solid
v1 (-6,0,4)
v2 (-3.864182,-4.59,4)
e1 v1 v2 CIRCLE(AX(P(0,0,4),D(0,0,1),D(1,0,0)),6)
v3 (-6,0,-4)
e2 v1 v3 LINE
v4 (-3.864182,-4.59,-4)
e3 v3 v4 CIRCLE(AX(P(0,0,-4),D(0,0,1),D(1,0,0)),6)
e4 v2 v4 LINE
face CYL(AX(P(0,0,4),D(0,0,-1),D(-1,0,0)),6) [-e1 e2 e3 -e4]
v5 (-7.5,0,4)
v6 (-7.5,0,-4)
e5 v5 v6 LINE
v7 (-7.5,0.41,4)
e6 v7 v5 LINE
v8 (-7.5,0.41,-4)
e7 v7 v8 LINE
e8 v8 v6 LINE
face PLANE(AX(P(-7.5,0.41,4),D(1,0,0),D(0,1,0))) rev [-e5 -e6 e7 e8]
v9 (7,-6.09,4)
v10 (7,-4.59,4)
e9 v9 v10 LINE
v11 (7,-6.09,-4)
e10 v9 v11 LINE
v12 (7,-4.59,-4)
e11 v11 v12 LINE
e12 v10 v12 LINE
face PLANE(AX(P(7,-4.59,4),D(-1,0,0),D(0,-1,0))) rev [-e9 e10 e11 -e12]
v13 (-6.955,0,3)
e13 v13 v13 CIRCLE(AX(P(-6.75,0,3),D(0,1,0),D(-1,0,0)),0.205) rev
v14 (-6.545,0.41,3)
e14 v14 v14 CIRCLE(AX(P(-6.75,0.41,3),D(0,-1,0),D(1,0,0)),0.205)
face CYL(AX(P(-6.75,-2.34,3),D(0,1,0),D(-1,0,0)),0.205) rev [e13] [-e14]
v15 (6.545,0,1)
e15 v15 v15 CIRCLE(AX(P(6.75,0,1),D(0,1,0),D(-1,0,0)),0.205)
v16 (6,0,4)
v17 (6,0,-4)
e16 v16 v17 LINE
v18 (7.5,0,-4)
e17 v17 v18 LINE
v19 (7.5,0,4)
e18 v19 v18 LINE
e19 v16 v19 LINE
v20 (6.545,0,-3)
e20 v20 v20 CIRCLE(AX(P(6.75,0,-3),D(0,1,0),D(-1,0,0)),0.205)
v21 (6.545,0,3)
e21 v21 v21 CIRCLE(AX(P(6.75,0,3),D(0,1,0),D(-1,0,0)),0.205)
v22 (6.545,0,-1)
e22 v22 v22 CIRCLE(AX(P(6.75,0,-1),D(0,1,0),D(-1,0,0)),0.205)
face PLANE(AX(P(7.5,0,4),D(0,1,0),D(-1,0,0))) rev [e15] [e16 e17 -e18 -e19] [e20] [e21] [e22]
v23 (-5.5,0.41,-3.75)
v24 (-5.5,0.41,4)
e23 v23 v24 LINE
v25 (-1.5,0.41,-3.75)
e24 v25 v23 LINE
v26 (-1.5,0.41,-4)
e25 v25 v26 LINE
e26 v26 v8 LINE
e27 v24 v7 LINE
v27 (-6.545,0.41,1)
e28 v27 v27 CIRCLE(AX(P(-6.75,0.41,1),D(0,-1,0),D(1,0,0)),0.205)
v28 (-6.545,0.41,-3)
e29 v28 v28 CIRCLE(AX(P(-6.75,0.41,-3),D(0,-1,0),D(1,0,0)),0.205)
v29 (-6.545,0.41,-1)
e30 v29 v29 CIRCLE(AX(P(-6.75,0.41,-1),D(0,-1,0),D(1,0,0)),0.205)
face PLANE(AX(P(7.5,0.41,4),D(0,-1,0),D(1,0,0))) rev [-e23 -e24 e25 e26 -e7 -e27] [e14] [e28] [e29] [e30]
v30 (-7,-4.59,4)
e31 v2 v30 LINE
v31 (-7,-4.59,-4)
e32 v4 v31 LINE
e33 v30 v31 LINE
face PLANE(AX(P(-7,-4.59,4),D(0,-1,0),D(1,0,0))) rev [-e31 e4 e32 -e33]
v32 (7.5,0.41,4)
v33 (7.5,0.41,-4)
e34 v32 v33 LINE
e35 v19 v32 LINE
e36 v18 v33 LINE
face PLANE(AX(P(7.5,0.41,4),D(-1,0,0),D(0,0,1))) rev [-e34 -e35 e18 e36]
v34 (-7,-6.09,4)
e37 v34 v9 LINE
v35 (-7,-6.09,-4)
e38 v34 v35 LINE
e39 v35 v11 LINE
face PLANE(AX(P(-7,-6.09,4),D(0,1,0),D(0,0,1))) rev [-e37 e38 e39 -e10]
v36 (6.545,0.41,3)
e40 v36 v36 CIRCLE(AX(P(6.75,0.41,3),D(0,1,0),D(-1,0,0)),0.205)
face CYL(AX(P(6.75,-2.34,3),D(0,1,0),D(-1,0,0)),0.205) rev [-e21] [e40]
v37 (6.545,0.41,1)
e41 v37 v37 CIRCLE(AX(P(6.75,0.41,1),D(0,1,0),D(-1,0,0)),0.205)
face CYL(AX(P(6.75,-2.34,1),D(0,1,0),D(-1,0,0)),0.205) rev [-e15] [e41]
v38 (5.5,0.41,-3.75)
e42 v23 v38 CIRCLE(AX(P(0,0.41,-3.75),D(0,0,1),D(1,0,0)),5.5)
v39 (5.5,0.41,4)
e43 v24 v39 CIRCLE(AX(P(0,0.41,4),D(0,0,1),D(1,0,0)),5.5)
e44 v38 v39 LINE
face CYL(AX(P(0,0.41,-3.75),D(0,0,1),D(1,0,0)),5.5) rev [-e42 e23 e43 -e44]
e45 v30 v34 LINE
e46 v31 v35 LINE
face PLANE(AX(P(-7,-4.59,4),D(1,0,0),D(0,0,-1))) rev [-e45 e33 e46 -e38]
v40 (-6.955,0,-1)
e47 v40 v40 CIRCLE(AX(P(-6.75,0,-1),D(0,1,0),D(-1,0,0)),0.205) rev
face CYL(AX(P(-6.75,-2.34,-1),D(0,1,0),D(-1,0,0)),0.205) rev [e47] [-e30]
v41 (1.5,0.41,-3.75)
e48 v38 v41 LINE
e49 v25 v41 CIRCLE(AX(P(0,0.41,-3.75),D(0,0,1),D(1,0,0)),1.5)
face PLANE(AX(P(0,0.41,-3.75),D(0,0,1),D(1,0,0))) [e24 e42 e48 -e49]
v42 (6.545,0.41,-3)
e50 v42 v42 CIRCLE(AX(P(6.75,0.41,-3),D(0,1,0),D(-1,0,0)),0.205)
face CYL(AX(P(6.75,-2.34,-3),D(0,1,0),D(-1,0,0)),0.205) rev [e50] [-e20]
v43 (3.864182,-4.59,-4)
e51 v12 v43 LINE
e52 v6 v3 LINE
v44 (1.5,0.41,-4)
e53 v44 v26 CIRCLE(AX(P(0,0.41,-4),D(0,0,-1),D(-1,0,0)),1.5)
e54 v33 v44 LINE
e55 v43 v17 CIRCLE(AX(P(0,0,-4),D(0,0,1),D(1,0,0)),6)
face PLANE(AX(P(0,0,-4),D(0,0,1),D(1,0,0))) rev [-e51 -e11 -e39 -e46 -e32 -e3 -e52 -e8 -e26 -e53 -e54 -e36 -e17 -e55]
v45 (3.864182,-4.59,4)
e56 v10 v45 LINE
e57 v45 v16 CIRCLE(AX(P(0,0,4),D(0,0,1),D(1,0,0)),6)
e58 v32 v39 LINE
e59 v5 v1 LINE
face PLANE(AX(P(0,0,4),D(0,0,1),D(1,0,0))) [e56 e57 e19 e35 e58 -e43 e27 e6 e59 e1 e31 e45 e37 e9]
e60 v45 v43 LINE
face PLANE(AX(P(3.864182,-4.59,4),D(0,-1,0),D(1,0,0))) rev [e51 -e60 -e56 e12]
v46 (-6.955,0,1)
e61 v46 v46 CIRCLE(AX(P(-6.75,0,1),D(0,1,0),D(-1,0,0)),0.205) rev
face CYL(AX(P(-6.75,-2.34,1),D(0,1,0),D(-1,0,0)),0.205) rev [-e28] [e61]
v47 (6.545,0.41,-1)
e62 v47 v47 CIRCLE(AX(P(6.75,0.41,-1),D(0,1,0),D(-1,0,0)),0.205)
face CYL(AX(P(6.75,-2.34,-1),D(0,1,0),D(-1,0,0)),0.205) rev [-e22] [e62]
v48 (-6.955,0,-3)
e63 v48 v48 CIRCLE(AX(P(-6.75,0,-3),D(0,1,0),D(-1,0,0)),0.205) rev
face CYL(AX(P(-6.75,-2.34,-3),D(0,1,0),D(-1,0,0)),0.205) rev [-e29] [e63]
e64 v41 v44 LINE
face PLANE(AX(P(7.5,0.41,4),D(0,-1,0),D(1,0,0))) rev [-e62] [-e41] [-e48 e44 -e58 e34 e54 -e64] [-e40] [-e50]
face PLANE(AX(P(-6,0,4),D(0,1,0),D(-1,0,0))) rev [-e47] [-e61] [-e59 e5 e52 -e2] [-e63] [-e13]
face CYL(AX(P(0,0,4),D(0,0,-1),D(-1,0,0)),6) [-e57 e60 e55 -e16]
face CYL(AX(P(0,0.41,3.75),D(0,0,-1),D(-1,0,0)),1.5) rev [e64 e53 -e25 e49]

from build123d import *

# Parameters (mm, degrees)
BOSS_EXTRUDE1_DEPTH = 4
CUT_EXTRUDE1_DEPTH  = 7.75
CUT_EXTRUDE2_DEPTH  = 7.75
SKETCH4_R           = 0.205
CUT_EXTRUDE3_DEPTH  = 2.75


with BuildPart() as part:
    # Sketch1 → Boss-Extrude1 (new, symmetric)
    with BuildSketch(Plane.XY):
        with BuildLine():
            Line((7.5, 0), (6, 0))
            ThreePointArc((6, 0), (5.439903034, -2.531295119), (3.864181673, -4.59))
            Line((3.864181673, -4.59), (7, -4.59))
            Line((7, -4.59), (7, -6.09))
            Line((7, -6.09), (-7, -6.09))
            Line((-7, -6.09), (-7, -4.59))
            Line((-7, -4.59), (-3.864181673, -4.59))
            ThreePointArc((-3.864181673, -4.59), (-5.439903034, -2.531295119), (-6, 0))
            Line((-6, 0), (-7.5, 0))
            Line((-7.5, 0), (-7.5, 0.41))
            Line((-7.5, 0.41), (7.5, 0.41))
            Line((7.5, 0.41), (7.5, 0))
        make_face()
    extrude(amount=BOSS_EXTRUDE1_DEPTH, both=True)

    # Sketch2 → Cut-Extrude1 (cut)
    with BuildSketch(Plane.XY.offset(4)):
        with BuildLine():
            Line((-5.5, 0.41), (5.5, 0.41))
            ThreePointArc((5.5, 0.41), (0, -5.09), (-5.5, 0.41))
        make_face()
    extrude(amount=-CUT_EXTRUDE1_DEPTH, mode=Mode.SUBTRACT)

    # Sketch3 → Cut-Extrude2 (cut)
    with BuildSketch(Plane(origin=(0, 0, -4), x_dir=(-1, 0, 0), z_dir=(0, 0, -1))):
        with BuildLine():
            Line((-1.5, 0.41), (1.5, 0.41))
            ThreePointArc((1.5, 0.41), (0, -1.09), (-1.5, 0.41))
        make_face()
    extrude(amount=-CUT_EXTRUDE2_DEPTH, mode=Mode.SUBTRACT)

    # Sketch4 → Cut-Extrude3 (cut)
    with BuildSketch(Plane(origin=(0, 0.41, 0), x_dir=(1, 0, 0), z_dir=(0, 1, 0))):
        with Locations(Location((6.75, 3, 0), (0, 0, 180))):
            Circle(SKETCH4_R)
        with Locations(Location((6.75, 1, 0), (0, 0, 180))):
            Circle(SKETCH4_R)
        with Locations(Location((6.75, -1, 0), (0, 0, 180))):
            Circle(SKETCH4_R)
        with Locations(Location((6.75, -3, 0), (0, 0, 180))):
            Circle(SKETCH4_R)
    cut_extrude3 = extrude(amount=-CUT_EXTRUDE3_DEPTH, mode=Mode.SUBTRACT)

    # Mirror1: Cut-Extrude3 across plane
    add(cut_extrude3.mirror(Plane(origin=(0, 0, 0), x_dir=(0, 0, 1), z_dir=(1, 0, 0))), mode=Mode.SUBTRACT)


solid = part.part
